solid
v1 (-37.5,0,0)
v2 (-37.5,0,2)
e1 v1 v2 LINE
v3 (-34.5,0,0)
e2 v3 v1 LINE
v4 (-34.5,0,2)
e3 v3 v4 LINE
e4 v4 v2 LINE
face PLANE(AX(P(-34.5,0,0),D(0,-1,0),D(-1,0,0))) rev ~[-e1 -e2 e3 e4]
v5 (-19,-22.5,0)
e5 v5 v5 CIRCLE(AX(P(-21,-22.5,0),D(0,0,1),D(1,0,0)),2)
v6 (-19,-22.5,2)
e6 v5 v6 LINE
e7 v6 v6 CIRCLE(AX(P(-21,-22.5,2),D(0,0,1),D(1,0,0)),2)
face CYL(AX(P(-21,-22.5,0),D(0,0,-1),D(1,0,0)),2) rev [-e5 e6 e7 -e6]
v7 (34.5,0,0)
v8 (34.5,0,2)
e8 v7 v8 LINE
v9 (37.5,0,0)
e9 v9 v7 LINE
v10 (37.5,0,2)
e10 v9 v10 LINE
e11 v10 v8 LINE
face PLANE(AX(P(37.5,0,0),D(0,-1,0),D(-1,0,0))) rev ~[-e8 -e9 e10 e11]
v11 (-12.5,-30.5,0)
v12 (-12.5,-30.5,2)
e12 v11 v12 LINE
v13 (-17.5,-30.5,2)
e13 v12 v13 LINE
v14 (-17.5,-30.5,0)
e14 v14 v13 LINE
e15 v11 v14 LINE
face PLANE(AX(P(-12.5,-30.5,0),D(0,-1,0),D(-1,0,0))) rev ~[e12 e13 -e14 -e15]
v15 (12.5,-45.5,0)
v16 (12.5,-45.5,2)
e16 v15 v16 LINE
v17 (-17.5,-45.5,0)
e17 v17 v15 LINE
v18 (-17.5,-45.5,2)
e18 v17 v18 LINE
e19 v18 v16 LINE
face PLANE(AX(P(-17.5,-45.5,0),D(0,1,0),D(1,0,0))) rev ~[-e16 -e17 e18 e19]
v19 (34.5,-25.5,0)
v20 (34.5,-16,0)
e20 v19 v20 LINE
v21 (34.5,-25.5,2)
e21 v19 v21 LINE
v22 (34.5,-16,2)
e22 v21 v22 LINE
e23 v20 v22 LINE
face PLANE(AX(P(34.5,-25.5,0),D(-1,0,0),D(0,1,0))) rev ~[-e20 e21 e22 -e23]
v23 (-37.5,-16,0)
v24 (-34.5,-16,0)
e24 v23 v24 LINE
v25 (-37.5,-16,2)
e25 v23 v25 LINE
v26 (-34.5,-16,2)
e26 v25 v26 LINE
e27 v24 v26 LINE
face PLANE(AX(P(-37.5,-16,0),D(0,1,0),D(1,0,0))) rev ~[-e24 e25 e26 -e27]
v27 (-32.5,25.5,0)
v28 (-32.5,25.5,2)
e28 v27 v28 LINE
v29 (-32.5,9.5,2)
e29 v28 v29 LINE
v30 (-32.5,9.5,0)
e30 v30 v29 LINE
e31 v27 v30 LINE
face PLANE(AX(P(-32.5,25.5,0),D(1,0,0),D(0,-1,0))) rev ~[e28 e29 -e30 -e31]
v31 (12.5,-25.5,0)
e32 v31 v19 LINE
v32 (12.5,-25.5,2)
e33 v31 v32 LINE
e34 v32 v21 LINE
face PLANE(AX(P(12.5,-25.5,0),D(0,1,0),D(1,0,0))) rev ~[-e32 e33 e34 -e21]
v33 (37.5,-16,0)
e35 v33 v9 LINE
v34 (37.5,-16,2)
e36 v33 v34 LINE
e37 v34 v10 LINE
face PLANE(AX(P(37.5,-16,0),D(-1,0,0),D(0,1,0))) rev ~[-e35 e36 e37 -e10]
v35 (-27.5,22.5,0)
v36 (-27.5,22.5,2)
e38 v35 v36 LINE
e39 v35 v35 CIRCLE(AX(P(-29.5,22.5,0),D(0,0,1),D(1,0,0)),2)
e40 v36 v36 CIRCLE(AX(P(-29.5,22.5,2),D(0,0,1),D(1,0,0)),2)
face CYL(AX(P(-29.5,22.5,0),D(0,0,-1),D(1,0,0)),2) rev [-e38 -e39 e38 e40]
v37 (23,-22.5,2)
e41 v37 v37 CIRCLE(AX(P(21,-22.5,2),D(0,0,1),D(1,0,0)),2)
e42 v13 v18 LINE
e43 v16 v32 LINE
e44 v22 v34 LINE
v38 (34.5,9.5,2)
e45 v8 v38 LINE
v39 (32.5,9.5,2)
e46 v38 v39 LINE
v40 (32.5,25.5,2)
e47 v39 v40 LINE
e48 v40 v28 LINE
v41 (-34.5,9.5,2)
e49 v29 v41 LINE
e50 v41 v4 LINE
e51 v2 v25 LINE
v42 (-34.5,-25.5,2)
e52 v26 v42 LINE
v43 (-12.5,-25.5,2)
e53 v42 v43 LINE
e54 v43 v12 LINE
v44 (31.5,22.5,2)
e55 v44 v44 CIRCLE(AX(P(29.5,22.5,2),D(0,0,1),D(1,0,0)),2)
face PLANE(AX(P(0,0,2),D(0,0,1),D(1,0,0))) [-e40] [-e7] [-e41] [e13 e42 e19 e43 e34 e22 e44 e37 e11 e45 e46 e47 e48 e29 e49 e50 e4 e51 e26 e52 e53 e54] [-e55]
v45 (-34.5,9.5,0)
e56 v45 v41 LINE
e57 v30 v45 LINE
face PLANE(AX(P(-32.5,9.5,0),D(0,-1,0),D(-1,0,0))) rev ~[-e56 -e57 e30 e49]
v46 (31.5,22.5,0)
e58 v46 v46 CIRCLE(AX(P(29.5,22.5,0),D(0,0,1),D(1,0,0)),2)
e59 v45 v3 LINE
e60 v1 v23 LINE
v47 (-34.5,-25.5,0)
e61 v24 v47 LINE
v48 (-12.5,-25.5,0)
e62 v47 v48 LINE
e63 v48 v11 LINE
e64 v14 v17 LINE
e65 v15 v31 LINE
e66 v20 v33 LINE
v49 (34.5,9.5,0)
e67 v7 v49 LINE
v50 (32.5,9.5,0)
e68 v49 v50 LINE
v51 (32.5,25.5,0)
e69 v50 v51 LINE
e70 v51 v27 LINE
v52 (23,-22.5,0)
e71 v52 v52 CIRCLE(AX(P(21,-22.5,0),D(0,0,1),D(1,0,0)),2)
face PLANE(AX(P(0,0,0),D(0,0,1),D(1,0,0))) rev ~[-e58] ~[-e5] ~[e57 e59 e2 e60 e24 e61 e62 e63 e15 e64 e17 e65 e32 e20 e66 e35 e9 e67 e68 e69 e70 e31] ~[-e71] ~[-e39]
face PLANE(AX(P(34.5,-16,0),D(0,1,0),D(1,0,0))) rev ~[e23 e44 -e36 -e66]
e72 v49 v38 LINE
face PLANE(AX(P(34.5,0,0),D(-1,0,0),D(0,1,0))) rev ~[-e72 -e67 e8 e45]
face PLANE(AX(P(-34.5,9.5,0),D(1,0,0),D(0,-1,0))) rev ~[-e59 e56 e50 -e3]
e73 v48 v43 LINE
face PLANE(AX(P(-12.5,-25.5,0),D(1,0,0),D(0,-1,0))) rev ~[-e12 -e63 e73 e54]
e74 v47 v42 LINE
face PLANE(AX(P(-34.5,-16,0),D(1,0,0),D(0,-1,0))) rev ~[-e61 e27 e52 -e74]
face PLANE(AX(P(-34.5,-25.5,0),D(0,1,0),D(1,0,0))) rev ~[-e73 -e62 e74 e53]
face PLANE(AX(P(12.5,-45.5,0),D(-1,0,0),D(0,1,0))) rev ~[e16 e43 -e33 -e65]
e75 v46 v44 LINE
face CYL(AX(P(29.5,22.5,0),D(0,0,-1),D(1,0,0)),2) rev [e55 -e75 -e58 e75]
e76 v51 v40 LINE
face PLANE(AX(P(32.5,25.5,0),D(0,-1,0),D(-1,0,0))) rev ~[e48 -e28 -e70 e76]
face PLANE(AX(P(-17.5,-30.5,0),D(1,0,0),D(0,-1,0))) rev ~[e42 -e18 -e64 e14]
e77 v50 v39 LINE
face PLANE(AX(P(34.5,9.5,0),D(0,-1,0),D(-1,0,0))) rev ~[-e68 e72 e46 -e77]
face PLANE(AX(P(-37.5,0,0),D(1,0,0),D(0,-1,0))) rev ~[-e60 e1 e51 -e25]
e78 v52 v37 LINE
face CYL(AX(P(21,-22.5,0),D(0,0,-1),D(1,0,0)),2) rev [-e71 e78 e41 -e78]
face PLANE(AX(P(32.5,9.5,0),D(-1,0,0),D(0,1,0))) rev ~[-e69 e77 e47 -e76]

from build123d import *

# Parameters (mm, degrees)
F0_R     = 2
F1_DEPTH = 2


with BuildPart() as f1:
    # F0 (on Top) → F1 (new body)
    with BuildSketch(Plane.XY):
        Polygon((32.5, 9.5), (32.5, 25.5), (-32.5, 25.5), (-32.5, 9.5), (-32.5, -25.5), (-12.5, -25.5), (12.5, -25.5), (32.5, -25.5), align=None)
        with Locations((-21, -22.5)):
            Circle(F0_R, mode=Mode.SUBTRACT)
        with Locations((21, -22.5)):
            Circle(F0_R, mode=Mode.SUBTRACT)
        with Locations((-29.5, 22.5)):
            Circle(F0_R, mode=Mode.SUBTRACT)
        with Locations((29.5, 22.5)):
            Circle(F0_R, mode=Mode.SUBTRACT)
        Polygon((34.5, 9.5), (32.5, 9.5), (32.5, -25.5), (34.5, -25.5), (34.5, -16), (37.5, -16), (37.5, 0), (34.5, 0), align=None)
        Polygon((-32.5, -25.5), (-32.5, 9.5), (-34.5, 9.5), (-34.5, 0), (-37.5, 0), (-37.5, -16), (-34.5, -16), (-34.5, -25.5), align=None)
        Polygon((12.5, -45.5), (12.5, -25.5), (-12.5, -25.5), (-12.5, -30.5), (-17.5, -30.5), (-17.5, -45.5), align=None)
    extrude(amount=F1_DEPTH)


solid = f1.part
